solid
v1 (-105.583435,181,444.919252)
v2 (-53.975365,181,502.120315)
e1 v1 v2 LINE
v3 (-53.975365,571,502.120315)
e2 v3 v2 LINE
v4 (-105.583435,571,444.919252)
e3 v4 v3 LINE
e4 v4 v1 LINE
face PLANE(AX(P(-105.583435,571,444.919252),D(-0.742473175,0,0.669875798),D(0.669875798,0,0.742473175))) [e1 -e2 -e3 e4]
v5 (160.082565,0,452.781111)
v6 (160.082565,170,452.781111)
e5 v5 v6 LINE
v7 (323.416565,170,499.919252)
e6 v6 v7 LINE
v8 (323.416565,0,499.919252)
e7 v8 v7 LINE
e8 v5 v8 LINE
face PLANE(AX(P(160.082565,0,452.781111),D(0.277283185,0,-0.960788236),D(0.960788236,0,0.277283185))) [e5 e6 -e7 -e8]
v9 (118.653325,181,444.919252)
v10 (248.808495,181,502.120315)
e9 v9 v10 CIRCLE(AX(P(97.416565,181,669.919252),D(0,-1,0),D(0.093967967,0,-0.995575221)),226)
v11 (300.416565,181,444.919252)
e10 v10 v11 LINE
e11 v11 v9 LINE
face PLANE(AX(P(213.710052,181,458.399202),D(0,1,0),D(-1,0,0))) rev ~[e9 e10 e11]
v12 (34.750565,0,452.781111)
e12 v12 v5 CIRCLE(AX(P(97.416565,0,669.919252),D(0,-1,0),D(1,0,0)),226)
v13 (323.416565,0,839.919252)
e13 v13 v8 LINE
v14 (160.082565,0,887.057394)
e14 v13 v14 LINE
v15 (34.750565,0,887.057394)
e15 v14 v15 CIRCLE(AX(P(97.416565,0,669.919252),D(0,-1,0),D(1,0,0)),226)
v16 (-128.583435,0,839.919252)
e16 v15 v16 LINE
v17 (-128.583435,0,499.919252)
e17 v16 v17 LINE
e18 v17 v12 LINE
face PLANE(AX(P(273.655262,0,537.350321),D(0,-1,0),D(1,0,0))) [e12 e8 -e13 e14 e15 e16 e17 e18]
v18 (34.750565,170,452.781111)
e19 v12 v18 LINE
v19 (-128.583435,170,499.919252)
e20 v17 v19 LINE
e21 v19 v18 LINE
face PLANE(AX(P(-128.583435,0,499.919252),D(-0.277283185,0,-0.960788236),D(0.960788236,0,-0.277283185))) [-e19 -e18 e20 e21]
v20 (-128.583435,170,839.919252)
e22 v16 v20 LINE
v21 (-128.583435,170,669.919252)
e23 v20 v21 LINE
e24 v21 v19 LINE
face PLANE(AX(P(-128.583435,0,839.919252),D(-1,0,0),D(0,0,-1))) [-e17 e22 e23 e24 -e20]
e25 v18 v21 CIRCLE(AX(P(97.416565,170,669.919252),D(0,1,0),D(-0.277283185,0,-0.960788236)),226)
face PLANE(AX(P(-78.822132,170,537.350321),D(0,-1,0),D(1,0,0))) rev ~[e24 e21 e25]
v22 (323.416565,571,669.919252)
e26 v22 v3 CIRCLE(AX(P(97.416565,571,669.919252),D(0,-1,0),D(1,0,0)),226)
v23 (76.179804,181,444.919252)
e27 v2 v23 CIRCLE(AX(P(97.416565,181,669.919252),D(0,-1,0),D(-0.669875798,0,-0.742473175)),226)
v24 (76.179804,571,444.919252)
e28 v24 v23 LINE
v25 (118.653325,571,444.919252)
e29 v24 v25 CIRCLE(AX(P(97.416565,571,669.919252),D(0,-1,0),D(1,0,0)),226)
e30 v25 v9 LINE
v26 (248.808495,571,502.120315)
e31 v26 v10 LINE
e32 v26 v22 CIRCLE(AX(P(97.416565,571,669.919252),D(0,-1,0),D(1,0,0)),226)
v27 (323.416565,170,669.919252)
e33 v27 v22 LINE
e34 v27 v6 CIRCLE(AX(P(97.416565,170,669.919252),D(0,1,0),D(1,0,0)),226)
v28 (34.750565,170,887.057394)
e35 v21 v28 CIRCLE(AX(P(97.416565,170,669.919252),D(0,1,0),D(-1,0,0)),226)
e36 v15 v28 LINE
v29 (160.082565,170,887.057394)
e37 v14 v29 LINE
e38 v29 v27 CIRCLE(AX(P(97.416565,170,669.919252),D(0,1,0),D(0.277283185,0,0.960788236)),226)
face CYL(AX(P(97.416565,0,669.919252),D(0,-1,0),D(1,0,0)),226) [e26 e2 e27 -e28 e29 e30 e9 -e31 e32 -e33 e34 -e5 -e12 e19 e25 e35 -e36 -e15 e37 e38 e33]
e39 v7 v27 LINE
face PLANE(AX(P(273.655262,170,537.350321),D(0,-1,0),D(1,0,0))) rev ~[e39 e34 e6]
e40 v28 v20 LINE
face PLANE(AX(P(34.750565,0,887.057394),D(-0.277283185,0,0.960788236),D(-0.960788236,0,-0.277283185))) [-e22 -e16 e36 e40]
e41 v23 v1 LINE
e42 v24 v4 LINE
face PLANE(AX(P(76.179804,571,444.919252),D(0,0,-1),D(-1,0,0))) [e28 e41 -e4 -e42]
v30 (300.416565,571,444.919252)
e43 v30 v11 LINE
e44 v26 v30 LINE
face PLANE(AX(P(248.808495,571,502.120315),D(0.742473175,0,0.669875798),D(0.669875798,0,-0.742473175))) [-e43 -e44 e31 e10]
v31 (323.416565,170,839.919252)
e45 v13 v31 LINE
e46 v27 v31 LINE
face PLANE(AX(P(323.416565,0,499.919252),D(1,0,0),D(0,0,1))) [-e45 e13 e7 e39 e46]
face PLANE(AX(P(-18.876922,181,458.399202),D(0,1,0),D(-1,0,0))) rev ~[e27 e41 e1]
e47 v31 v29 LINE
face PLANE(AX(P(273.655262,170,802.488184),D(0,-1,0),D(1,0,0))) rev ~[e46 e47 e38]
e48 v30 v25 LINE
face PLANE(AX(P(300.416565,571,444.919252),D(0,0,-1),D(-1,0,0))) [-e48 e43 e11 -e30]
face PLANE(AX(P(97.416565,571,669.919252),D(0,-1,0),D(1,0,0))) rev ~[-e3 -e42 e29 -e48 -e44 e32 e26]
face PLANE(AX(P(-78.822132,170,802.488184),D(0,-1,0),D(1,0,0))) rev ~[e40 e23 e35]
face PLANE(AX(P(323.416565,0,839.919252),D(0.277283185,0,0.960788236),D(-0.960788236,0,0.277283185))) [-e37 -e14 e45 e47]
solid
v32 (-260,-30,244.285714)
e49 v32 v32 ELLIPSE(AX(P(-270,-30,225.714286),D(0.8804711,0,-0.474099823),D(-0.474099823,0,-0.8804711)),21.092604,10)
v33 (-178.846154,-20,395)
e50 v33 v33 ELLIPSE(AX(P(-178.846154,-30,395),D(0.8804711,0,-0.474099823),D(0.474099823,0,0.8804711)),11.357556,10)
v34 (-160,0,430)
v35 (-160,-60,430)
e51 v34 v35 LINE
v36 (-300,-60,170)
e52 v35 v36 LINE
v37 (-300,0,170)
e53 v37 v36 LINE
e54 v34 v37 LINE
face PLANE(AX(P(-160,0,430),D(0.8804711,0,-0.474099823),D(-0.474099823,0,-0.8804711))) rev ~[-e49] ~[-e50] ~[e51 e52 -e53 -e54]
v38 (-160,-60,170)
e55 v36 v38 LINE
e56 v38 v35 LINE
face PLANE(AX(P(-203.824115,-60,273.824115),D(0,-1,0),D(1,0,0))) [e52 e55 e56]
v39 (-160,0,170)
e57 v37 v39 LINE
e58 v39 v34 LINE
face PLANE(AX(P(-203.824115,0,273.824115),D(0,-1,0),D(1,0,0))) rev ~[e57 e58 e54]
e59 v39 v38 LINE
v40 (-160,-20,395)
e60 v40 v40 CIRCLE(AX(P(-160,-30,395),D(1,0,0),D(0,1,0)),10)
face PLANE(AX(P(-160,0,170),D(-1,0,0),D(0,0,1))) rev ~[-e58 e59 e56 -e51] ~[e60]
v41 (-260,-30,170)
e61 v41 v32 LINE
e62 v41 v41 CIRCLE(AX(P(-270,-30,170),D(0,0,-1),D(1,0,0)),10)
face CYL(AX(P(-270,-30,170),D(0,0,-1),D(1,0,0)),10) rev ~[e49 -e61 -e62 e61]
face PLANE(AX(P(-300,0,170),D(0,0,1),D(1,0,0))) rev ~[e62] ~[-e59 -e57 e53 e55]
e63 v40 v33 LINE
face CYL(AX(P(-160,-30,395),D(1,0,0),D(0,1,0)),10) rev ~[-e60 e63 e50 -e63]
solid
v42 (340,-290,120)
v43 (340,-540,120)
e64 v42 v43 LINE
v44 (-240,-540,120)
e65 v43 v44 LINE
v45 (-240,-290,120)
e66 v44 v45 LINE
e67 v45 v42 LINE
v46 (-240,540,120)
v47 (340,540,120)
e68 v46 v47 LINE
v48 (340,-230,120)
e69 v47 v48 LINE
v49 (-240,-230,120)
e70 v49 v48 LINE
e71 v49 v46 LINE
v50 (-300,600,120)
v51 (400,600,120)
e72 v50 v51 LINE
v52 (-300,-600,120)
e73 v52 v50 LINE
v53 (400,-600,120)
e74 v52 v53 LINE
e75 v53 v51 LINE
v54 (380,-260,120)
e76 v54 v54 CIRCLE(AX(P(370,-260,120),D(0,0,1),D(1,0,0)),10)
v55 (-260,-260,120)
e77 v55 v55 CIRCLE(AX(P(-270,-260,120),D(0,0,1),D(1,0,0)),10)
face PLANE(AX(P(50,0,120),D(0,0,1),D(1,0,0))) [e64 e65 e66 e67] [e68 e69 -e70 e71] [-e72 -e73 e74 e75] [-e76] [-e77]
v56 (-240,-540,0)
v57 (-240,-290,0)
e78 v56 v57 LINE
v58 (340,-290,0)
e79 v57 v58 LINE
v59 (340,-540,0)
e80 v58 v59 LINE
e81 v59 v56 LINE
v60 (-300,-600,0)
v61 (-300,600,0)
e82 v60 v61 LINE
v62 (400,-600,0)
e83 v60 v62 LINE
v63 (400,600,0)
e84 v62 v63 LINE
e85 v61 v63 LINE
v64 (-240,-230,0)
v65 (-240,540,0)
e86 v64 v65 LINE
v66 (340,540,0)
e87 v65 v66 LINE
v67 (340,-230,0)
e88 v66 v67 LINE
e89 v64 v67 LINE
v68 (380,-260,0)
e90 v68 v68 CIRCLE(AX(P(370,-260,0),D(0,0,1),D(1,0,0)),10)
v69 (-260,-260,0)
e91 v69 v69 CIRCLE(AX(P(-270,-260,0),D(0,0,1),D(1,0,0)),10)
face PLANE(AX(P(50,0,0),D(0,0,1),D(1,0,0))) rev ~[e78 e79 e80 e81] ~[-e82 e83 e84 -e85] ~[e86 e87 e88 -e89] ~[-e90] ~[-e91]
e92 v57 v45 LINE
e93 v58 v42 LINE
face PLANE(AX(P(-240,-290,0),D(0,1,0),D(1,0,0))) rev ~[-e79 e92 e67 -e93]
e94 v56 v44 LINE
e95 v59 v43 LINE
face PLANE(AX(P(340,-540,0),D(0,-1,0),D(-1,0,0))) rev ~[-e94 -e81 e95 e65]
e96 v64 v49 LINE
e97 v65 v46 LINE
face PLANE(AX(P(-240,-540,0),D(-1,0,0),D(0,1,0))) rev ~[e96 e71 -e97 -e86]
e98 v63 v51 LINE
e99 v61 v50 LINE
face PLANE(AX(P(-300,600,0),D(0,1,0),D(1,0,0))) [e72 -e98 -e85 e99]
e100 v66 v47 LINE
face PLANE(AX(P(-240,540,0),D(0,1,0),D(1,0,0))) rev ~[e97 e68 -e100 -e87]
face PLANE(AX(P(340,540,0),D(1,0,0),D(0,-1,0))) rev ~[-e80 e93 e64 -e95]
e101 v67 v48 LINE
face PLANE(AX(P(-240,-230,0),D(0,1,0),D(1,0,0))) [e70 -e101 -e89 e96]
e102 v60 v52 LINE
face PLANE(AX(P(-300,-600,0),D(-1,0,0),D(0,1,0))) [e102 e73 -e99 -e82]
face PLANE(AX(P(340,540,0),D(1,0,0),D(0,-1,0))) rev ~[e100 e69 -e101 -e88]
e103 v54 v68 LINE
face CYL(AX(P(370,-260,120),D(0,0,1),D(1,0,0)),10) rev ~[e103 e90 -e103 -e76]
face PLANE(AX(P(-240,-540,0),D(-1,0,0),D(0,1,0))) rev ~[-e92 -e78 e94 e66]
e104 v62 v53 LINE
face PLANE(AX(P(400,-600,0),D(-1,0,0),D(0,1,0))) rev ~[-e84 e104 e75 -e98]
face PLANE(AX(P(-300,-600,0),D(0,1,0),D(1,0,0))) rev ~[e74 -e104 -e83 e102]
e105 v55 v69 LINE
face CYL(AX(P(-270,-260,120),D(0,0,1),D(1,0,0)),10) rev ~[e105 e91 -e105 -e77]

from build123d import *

# Parameters (mm, degrees)
F0_W      = 700
F0_H      = 1200
F1_DEPTH  = 120
F0_W_2    = 580
F0_H_2    = 60
F2_DEPTH  = 120
F4_DEPTH  = 60
F5_R      = 10
F6_DEPTH  = 200
F7_R      = 10
F8_DEPTH  = 100
F9_R      = 10
F10_DEPTH = 50
F11_R     = 226
F12_DEPTH = 571
F14_DEPTH = 170
F16_DEPTH = 390


with BuildPart() as f1:
    # F0 (on Top) → F1 (new body)
    with BuildSketch(Plane.XY):
        with Locations((50, 0)):
            Rectangle(F0_W, F0_H)
        Polygon((-240, -230), (-240, 540), (340, 540), (340, -230), (340, -290), (340, -540), (-240, -540), (-240, -290), align=None, mode=Mode.SUBTRACT)
    extrude(amount=F1_DEPTH)

    # F0 (on Top) → F2 (join)
    with BuildSketch(Plane.XY):
        with Locations((50, -260)):
            Rectangle(F0_W_2, F0_H_2)
    extrude(amount=F2_DEPTH)

    # F5 (on face) → F6 (cut)
    with BuildSketch(Plane.XY.offset(120)):
        with Locations((-270, -260)):
            Circle(F5_R)
        with Locations((370, -260)):
            Circle(F5_R)
    extrude(amount=-F6_DEPTH, mode=Mode.SUBTRACT)


with BuildPart() as f4:
    # F3 (on Front) → F4 (new body)
    with BuildSketch(Plane.XZ):
        Polygon((-300, 170), (-160, 170), (-160, 430), align=None)
    extrude(amount=F4_DEPTH)

    # F7 (on face) → F8 (cut)
    with BuildSketch(Plane(origin=(0, 0, 170), x_dir=(1, 0, 0), z_dir=(0, 0, -1))):
        with Locations((-270, 30)):
            Circle(F7_R)
    extrude(amount=-F8_DEPTH, mode=Mode.SUBTRACT)

    # F9 (on face) → F10 (cut)
    with BuildSketch(Plane.YZ.offset(-160)):
        with Locations((-30, 395)):
            Circle(F9_R)
    extrude(amount=-F10_DEPTH, mode=Mode.SUBTRACT)


with BuildPart() as f12:
    # F11 (on Front) → F12 (new body)
    with BuildSketch(Plane.XZ):
        with Locations((97.4165648222, 669.9192523956)):
            Circle(F11_R)
    extrude(amount=-F12_DEPTH)

    # F13 (on face) → F14 (join)
    with BuildSketch(Plane.XZ):
        with BuildLine():
            Line((323.4165648222, 499.9192523956), (323.4165648222, 669.9192523956))
            ThreePointArc((323.4165648222, 669.9192523956), (278.0245878372, 534.0636598622), (160.0825646221, 452.7811109532))
            Line((160.0825646221, 452.7811109532), (323.4165648222, 499.9192523956))
        make_face()
        with BuildLine():
            ThreePointArc((160.0825646221, 887.0573938381), (278.0245878372, 805.7748449291), (323.4165648222, 669.9192523956))
            Line((323.4165648222, 669.9192523956), (323.4165648222, 839.9192523956))
            Line((323.4165648222, 839.9192523956), (160.0825646221, 887.0573938381))
        make_face()
        with BuildLine():
            ThreePointArc((-128.5834351778, 669.9192523956), (-83.1914581928, 805.7748449291), (34.7505650223, 887.0573938381))
            Line((34.7505650223, 887.0573938381), (-128.5834351778, 839.9192523956))
            Line((-128.5834351778, 839.9192523956), (-128.5834351778, 669.9192523956))
        make_face()
        with BuildLine():
            Line((-128.5834351778, 499.9192523956), (34.7505650223, 452.7811109532))
            ThreePointArc((34.7505650223, 452.7811109532), (-83.1914581928, 534.0636598622), (-128.5834351778, 669.9192523956))
            Line((-128.5834351778, 669.9192523956), (-128.5834351778, 499.9192523956))
        make_face()
    extrude(amount=-F14_DEPTH)

    # F15 (on face) → F16 (join)
    with BuildSketch(Plane(origin=(0, 571, 0), x_dir=(-1, 0, 0), z_dir=(0, 1, 0))):
        with BuildLine():
            ThreePointArc((-118.6533254038, 444.9192523956), (-188.3459693974, 463.0186883955), (-248.8084951306, 502.1203148617))
            Line((-248.8084951306, 502.1203148617), (-300.4165648222, 444.9192523956))
            Line((-300.4165648222, 444.9192523956), (-118.6533254038, 444.9192523956))
        make_face()
        with BuildLine():
            Line((105.5834351778, 444.9192523956), (53.9753654862, 502.1203148617))
            ThreePointArc((53.9753654862, 502.1203148617), (-6.487160247, 463.0186883955), (-76.1798042406, 444.9192523956))
            Line((-76.1798042406, 444.9192523956), (105.5834351778, 444.9192523956))
        make_face()
    extrude(amount=-F16_DEPTH)


solid = Compound([f1.part, f4.part, f12.part])
